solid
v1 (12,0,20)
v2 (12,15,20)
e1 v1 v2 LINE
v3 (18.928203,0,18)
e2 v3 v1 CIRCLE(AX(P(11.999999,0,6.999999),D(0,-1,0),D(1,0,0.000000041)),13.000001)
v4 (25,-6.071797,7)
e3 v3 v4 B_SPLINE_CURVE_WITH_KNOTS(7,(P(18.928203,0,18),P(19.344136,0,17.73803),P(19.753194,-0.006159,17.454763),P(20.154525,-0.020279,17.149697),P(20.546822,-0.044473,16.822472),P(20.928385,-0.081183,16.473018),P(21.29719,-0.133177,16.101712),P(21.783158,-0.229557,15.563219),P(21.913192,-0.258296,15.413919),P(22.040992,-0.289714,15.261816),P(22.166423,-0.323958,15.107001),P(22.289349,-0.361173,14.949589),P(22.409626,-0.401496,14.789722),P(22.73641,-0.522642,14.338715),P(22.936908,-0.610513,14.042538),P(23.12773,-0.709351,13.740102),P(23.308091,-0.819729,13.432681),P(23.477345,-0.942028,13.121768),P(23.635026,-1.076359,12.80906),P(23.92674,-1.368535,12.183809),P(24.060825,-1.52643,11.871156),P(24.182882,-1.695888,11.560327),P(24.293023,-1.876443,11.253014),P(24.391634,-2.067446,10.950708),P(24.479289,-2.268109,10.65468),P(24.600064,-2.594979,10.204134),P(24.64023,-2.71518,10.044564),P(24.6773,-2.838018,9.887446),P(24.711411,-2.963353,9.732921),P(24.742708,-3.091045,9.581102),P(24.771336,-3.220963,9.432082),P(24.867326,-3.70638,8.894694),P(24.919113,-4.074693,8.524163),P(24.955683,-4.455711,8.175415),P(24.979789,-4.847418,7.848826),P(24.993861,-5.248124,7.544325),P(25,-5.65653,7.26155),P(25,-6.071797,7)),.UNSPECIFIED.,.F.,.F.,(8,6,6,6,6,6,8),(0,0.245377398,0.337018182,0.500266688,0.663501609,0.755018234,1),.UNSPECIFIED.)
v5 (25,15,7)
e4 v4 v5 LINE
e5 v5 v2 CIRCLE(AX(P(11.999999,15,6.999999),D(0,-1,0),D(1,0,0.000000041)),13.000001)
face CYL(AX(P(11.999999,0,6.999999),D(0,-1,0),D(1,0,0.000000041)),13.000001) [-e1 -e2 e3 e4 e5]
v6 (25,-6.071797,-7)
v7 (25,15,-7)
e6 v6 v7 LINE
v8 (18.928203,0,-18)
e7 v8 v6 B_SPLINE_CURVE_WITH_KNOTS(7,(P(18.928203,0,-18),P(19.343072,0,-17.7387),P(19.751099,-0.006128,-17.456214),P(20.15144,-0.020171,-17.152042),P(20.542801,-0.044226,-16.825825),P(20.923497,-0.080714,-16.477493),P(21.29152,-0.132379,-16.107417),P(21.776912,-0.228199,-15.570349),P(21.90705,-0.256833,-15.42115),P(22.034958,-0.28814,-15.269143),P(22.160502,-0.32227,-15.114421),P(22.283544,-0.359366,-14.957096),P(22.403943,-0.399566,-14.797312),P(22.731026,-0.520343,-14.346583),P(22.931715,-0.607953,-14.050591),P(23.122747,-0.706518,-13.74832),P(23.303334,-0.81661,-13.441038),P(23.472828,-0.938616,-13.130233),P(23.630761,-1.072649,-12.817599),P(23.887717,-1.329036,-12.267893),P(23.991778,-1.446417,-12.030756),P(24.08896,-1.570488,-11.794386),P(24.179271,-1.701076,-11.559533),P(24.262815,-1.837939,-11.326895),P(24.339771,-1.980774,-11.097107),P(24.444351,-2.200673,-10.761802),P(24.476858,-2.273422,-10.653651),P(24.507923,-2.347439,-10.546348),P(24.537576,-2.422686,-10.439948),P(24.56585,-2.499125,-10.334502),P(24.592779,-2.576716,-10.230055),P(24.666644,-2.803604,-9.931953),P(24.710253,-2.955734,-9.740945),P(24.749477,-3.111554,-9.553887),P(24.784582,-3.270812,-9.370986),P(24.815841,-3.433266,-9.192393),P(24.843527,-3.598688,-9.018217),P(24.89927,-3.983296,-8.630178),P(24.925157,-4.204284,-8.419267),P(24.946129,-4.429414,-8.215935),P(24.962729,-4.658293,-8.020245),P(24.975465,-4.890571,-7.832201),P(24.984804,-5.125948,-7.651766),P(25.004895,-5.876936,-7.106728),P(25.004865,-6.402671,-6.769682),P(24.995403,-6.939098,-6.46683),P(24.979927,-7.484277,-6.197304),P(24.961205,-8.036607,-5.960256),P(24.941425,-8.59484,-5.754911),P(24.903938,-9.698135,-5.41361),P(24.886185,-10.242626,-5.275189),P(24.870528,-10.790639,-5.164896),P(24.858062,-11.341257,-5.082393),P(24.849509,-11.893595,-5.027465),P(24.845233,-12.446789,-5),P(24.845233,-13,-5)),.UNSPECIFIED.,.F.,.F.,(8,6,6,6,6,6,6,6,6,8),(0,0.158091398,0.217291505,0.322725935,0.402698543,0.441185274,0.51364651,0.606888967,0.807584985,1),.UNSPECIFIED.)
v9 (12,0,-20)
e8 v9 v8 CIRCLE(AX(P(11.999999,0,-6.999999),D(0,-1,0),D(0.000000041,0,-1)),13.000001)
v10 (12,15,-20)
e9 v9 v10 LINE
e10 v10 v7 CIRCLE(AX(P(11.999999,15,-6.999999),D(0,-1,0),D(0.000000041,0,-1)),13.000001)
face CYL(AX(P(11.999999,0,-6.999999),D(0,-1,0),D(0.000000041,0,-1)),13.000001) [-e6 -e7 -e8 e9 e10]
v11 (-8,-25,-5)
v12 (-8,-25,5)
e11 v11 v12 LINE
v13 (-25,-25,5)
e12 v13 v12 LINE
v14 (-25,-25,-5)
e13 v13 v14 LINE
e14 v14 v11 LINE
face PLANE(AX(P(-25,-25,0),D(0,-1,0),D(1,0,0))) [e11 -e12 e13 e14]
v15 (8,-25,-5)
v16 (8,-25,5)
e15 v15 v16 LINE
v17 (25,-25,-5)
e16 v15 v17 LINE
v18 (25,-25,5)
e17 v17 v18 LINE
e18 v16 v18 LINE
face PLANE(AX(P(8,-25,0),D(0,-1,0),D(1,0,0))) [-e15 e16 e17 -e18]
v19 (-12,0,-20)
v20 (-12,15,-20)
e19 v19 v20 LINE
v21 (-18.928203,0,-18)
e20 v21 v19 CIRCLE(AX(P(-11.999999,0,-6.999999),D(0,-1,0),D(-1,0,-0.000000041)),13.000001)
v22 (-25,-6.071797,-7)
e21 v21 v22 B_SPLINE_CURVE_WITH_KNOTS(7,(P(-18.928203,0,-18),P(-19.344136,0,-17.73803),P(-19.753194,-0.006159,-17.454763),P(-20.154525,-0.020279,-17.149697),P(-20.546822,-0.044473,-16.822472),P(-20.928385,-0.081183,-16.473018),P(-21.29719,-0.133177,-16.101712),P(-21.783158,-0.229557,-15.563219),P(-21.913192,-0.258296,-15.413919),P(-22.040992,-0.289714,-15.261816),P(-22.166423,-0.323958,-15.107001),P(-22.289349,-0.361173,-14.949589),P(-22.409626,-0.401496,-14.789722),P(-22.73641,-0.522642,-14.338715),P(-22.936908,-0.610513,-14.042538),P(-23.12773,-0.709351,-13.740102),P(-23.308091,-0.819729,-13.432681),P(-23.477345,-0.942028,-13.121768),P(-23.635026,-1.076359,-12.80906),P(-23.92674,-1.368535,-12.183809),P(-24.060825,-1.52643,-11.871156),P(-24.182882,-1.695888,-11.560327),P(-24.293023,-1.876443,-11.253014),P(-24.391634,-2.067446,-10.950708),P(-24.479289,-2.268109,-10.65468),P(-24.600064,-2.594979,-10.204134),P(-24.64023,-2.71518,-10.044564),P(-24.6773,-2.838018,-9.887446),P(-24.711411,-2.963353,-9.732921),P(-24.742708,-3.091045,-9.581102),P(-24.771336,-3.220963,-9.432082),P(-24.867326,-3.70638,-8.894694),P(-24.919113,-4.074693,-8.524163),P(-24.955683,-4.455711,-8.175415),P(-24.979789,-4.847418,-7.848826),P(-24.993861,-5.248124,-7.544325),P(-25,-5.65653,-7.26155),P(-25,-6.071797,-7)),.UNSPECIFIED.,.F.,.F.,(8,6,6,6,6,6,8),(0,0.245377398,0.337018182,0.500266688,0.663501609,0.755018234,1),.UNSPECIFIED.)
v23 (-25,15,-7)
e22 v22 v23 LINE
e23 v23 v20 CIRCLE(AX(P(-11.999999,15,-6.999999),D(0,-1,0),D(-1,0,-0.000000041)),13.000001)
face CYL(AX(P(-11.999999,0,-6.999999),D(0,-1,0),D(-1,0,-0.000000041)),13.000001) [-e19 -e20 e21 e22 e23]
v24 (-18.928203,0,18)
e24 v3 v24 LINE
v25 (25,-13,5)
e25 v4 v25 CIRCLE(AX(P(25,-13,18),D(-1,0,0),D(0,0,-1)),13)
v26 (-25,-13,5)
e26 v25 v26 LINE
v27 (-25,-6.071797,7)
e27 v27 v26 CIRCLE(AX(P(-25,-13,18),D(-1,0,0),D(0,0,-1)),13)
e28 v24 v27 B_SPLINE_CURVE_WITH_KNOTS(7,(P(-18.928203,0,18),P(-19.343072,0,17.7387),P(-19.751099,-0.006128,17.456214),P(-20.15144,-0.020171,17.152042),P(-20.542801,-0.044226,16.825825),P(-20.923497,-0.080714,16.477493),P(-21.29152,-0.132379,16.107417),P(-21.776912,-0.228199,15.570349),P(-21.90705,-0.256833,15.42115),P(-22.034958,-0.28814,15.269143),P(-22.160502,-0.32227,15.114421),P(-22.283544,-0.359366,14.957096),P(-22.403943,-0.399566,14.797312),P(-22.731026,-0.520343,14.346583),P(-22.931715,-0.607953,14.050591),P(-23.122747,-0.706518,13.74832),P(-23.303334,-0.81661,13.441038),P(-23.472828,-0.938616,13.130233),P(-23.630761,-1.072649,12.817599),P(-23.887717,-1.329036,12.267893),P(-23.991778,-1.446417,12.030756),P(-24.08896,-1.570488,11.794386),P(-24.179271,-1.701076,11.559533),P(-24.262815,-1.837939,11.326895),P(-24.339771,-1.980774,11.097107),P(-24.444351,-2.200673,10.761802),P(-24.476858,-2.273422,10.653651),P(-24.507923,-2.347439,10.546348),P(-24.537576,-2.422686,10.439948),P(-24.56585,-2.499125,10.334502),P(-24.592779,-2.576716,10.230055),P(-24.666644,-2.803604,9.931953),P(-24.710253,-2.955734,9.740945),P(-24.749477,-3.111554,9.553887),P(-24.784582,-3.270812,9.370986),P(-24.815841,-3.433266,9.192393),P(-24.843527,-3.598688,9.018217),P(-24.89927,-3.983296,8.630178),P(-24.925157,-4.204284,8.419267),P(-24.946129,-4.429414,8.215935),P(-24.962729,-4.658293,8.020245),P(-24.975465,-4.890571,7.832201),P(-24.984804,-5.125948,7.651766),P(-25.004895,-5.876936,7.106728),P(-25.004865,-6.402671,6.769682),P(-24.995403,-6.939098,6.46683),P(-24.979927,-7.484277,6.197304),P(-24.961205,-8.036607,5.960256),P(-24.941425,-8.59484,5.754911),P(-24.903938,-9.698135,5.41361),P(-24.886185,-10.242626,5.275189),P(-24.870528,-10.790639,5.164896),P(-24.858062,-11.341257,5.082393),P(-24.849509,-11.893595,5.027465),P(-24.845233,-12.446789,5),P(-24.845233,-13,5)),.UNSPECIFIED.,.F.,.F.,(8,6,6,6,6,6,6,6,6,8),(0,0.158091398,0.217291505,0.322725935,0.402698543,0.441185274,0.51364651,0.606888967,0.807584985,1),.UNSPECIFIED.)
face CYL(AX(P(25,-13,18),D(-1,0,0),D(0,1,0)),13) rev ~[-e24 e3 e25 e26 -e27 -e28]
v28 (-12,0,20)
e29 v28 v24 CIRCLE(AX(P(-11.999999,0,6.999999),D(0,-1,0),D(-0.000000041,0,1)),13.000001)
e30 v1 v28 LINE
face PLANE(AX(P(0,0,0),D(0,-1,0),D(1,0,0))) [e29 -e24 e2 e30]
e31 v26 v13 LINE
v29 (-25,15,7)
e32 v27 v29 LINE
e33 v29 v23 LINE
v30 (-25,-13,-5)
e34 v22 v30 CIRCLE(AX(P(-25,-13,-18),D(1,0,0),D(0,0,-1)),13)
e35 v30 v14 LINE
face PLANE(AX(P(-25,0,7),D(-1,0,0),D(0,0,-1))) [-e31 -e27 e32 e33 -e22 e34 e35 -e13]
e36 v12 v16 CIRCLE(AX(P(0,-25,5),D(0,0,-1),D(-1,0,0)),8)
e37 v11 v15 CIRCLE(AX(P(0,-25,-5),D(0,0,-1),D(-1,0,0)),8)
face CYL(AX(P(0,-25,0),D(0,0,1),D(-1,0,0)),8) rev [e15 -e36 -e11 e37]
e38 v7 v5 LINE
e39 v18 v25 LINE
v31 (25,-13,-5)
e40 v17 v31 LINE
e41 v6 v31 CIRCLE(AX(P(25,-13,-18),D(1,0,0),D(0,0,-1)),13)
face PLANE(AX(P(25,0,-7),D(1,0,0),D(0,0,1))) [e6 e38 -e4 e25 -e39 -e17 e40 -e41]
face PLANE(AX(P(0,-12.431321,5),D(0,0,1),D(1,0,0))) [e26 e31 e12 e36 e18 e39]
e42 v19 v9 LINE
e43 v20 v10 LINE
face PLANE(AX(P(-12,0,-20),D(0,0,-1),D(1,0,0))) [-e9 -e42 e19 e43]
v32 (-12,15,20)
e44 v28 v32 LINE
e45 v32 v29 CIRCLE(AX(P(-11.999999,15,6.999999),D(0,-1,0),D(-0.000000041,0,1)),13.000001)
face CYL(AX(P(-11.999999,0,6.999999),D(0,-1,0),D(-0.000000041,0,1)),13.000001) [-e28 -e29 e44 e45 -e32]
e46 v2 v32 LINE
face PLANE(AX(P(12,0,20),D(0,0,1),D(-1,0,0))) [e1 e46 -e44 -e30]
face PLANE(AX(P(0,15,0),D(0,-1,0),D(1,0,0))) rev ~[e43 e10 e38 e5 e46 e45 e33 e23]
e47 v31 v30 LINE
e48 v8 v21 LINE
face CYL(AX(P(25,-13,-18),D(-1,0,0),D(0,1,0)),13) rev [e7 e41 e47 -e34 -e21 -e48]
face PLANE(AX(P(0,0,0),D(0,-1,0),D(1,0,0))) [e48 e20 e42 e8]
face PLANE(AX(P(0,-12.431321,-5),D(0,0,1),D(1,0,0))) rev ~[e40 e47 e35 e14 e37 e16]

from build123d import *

# Parameters (mm, degrees)
F1_DEPTH = 15
F3_DEPTH = 5
F4_R     = 13


with BuildPart() as f1:
    # F0 (on Front) → F1 (new body)
    with BuildSketch(Plane.XZ):
        with BuildLine():
            ThreePointArc((25, 7), (21.192388, 16.192388), (12, 20))
            Line((12, 20), (-12, 20))
            ThreePointArc((-12, 20), (-21.192388, 16.192388), (-25, 7))
            Line((-25, 7), (-25, -7))
            ThreePointArc((-25, -7), (-21.192388, -16.192388), (-12, -20))
            Line((-12, -20), (12, -20))
            ThreePointArc((12, -20), (21.192388, -16.192388), (25, -7))
            Line((25, -7), (25, 7))
        make_face()
    extrude(amount=-F1_DEPTH)

    # F2 (on Top) → F3 (join, symmetric)
    with BuildSketch(Plane.XY):
        with BuildLine():
            Line((-25, -25), (-8, -25))
            ThreePointArc((-8, -25), (0, -17), (8, -25))
            Line((8, -25), (25, -25))
            Line((25, -25), (25, 0))
            Line((25, 0), (-25, 0))
            Line((-25, 0), (-25, -25))
        make_face()
    extrude(amount=F3_DEPTH, both=True)

    # F4
    f4_edges = [f1.edges().sort_by_distance(p)[0] for p in [
        (0, 0, 5),
        (0, 0, -5),
    ]]
    fillet(f4_edges, radius=F4_R)


solid = f1.part
